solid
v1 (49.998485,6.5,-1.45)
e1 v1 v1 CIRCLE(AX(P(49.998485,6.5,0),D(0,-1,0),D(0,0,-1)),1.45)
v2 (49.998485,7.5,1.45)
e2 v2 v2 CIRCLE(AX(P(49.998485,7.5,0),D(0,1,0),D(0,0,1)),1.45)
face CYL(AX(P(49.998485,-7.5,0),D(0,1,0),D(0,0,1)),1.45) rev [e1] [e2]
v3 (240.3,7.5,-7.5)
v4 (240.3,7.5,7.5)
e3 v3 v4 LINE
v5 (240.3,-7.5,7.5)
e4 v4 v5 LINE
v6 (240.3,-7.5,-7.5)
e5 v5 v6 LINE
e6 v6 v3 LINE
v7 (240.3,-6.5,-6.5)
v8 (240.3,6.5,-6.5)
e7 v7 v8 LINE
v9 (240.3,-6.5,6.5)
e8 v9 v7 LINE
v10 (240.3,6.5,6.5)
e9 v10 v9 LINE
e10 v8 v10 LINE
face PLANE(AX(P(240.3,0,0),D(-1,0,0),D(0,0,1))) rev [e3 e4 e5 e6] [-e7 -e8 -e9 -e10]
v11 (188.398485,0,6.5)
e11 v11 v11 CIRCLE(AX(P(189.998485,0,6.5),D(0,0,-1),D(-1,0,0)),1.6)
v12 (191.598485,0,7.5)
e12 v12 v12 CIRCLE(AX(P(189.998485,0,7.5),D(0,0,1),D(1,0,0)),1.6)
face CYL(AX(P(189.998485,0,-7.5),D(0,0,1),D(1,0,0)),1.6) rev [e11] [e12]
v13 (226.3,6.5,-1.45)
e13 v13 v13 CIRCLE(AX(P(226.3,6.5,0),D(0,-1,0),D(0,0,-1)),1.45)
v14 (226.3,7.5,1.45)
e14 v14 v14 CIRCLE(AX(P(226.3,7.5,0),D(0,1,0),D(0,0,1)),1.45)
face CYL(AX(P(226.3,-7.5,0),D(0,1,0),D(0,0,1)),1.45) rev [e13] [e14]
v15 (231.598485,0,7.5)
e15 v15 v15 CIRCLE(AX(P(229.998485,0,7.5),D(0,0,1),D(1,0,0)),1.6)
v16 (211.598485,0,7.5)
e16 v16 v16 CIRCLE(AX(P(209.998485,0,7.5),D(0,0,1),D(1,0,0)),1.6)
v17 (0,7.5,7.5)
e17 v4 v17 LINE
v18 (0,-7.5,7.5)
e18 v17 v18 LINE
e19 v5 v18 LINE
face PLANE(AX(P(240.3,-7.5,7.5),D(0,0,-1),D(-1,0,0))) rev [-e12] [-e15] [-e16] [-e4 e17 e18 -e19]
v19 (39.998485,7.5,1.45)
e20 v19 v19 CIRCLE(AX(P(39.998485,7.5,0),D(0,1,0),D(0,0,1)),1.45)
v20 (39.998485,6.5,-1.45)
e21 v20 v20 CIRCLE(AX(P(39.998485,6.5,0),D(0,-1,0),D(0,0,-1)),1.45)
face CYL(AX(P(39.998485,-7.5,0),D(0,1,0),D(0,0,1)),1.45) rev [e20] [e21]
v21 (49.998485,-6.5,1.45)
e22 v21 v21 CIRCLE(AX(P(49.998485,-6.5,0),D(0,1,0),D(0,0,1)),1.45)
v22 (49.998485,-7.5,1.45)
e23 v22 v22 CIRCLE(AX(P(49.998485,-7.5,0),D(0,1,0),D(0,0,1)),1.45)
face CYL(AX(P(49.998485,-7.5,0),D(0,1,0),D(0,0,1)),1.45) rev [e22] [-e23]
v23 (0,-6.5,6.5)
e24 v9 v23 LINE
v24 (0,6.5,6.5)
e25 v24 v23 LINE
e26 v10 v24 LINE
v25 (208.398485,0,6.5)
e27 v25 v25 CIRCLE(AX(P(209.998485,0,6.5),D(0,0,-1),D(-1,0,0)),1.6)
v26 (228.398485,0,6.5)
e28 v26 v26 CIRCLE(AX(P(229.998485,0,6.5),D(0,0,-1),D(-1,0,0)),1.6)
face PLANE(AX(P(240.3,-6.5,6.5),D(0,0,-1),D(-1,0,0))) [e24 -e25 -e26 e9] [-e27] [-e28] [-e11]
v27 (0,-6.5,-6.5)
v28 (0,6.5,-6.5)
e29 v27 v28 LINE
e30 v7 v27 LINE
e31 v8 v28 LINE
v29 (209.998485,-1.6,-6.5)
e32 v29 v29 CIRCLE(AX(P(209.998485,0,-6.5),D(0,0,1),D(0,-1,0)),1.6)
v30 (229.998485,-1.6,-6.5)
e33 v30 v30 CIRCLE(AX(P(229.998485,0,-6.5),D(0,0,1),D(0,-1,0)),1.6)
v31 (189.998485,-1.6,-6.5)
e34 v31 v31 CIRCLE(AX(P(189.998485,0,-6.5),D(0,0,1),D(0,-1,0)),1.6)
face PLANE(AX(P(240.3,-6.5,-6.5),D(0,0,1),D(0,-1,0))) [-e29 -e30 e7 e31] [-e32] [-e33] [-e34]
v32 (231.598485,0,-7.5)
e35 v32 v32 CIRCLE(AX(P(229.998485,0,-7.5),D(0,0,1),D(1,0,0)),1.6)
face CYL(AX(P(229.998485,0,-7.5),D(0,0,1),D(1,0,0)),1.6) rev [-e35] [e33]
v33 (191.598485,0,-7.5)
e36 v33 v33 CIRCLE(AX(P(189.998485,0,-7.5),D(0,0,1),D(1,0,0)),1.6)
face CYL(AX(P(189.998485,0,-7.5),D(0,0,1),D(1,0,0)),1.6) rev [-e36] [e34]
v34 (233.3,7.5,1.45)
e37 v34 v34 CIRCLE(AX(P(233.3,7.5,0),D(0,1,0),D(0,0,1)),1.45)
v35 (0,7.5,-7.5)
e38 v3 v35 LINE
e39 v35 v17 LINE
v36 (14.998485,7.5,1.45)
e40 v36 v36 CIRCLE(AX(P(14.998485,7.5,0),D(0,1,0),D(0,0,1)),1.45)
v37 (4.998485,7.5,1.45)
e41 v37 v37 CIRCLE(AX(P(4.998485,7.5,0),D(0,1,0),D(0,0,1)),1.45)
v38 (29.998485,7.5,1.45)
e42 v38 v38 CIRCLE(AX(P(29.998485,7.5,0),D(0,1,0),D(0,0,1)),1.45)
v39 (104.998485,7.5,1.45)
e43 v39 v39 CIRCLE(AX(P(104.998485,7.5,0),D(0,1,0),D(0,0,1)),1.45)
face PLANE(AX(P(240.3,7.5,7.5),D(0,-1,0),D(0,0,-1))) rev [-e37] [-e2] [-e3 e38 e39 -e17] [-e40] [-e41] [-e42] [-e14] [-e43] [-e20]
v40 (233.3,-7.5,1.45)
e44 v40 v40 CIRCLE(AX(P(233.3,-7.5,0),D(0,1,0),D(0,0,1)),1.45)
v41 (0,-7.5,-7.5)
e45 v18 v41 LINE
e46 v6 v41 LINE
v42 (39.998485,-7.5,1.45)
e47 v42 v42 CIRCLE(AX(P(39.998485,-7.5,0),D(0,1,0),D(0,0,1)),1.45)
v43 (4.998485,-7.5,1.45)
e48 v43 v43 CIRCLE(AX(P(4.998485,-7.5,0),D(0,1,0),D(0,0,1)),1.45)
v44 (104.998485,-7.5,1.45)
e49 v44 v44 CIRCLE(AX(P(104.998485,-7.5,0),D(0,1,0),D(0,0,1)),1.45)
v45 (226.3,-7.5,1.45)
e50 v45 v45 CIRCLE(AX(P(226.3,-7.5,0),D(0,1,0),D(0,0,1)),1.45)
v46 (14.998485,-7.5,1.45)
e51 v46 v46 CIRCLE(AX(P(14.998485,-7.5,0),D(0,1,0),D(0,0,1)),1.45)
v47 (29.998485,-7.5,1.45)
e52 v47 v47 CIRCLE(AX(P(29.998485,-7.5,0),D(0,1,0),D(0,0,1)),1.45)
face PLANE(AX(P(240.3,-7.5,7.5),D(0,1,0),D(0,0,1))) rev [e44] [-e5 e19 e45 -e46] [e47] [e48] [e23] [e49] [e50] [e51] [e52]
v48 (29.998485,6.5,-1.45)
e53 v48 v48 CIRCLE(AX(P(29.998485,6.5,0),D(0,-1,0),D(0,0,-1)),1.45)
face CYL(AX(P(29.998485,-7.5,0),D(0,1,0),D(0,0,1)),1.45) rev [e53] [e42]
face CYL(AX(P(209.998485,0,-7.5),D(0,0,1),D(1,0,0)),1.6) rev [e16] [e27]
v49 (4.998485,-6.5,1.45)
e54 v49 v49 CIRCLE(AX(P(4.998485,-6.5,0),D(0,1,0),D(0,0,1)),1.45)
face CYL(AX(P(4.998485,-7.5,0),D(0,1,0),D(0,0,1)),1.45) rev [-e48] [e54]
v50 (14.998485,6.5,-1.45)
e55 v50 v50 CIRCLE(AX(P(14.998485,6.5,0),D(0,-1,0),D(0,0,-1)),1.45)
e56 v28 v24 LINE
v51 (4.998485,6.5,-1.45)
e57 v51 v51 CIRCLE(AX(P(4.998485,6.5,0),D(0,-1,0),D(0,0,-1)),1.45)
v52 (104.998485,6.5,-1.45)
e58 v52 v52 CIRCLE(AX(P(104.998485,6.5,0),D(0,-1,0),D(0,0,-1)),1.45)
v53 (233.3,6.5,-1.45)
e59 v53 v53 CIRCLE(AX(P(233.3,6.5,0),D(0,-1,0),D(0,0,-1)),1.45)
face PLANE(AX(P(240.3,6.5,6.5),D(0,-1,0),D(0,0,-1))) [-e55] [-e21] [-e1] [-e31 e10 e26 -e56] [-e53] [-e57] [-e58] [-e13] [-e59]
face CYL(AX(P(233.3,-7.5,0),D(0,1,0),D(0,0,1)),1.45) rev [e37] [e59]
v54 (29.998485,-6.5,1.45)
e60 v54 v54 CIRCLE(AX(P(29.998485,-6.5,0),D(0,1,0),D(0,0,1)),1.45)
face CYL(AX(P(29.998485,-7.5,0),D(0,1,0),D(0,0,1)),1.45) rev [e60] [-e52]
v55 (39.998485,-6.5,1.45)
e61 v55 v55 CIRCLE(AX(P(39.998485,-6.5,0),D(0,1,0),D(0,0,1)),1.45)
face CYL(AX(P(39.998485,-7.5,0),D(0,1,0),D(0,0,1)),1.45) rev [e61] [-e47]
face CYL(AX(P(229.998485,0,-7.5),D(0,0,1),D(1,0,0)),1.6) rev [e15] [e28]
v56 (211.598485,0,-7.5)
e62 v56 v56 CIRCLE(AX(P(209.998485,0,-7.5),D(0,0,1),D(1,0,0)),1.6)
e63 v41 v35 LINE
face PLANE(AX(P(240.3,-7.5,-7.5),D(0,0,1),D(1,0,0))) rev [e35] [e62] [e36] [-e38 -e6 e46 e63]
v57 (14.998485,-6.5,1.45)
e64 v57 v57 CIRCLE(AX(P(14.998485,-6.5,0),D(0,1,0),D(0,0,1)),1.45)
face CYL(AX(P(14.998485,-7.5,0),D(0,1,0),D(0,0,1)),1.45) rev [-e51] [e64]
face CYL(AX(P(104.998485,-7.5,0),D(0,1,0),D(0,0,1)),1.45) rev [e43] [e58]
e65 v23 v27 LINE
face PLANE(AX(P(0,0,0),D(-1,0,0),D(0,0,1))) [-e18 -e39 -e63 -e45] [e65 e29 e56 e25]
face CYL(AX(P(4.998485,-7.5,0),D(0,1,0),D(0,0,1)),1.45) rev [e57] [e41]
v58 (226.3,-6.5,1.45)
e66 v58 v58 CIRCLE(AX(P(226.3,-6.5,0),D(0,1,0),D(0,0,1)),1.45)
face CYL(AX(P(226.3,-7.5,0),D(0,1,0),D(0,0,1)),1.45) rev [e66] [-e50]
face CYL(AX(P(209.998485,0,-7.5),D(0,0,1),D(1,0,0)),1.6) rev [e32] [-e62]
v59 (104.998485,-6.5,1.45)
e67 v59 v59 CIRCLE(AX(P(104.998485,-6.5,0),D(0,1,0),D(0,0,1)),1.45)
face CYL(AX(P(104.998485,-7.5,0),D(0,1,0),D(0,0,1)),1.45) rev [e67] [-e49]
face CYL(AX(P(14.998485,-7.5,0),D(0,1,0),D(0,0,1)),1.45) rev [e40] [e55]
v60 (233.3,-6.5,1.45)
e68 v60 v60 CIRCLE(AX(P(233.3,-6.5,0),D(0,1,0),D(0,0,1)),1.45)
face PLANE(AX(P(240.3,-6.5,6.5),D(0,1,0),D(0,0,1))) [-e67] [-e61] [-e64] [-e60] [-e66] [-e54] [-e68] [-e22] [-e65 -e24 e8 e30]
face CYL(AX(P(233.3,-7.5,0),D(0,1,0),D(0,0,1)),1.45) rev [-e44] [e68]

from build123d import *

# Parameters (mm, degrees)
SKETCH_1_W          = 15
SKETCH_1_H          = 15
SKETCH_1_W_2        = 13
SKETCH_1_H_2        = 13
EXTRUDE_1_DEPTH     = 240.3
SKETCH_2_R          = 1.45
CUT_EXTRUDE_1_DEPTH = 241.884495142
SKETCH_3_R          = 1.6
CUT_EXTRUDE_2_DEPTH = 241.884495142


with BuildPart() as part:
    # 草图1 → 凸台-拉伸1 (new body)
    with BuildSketch(Plane(origin=(0, 0, 0), x_dir=(0, 0, -1), z_dir=(1, 0, 0))):
        Rectangle(SKETCH_1_W, SKETCH_1_H)
        Rectangle(SKETCH_1_W_2, SKETCH_1_H_2, mode=Mode.SUBTRACT)
    extrude(amount=EXTRUDE_1_DEPTH)

    # 草图2 → 切除-拉伸1 (cut, through all)
    with BuildSketch(Plane(origin=(0, 7.5, 0), x_dir=(1, 0, 0), z_dir=(0, 1, 0))):
        with Locations(Location((233.3, 0, 0), (0, 0, 270))):
            Circle(SKETCH_2_R)
        with Locations(Location((226.3, 0, 0), (0, 0, 270))):
            Circle(SKETCH_2_R)
        with Locations(Location((14.99848481, 0, 0), (0, 0, 270))):
            Circle(SKETCH_2_R)
        with Locations(Location((4.99848481, 0, 0), (0, 0, 270))):
            Circle(SKETCH_2_R)
        with Locations(Location((29.99848481, 0, 0), (0, 0, 270))):
            Circle(SKETCH_2_R)
        with Locations(Location((39.99848481, 0, 0), (0, 0, 270))):
            Circle(SKETCH_2_R)
        with Locations(Location((49.99848481, 0, 0), (0, 0, 270))):
            Circle(SKETCH_2_R)
        with Locations(Location((104.99848481, 0, 0), (0, 0, 270))):
            Circle(SKETCH_2_R)
    extrude(amount=-CUT_EXTRUDE_1_DEPTH, mode=Mode.SUBTRACT)

    # 草图3 → 切除-拉伸2 (cut, through all)
    with BuildSketch(Plane.XY.offset(7.5)):
        with Locations((229.99848481, 0)):
            Circle(SKETCH_3_R)
        with Locations((189.99848481, 0)):
            Circle(SKETCH_3_R)
        with Locations((209.99848481, 0)):
            Circle(SKETCH_3_R)
    extrude(amount=-CUT_EXTRUDE_2_DEPTH, mode=Mode.SUBTRACT)


solid = part.part
